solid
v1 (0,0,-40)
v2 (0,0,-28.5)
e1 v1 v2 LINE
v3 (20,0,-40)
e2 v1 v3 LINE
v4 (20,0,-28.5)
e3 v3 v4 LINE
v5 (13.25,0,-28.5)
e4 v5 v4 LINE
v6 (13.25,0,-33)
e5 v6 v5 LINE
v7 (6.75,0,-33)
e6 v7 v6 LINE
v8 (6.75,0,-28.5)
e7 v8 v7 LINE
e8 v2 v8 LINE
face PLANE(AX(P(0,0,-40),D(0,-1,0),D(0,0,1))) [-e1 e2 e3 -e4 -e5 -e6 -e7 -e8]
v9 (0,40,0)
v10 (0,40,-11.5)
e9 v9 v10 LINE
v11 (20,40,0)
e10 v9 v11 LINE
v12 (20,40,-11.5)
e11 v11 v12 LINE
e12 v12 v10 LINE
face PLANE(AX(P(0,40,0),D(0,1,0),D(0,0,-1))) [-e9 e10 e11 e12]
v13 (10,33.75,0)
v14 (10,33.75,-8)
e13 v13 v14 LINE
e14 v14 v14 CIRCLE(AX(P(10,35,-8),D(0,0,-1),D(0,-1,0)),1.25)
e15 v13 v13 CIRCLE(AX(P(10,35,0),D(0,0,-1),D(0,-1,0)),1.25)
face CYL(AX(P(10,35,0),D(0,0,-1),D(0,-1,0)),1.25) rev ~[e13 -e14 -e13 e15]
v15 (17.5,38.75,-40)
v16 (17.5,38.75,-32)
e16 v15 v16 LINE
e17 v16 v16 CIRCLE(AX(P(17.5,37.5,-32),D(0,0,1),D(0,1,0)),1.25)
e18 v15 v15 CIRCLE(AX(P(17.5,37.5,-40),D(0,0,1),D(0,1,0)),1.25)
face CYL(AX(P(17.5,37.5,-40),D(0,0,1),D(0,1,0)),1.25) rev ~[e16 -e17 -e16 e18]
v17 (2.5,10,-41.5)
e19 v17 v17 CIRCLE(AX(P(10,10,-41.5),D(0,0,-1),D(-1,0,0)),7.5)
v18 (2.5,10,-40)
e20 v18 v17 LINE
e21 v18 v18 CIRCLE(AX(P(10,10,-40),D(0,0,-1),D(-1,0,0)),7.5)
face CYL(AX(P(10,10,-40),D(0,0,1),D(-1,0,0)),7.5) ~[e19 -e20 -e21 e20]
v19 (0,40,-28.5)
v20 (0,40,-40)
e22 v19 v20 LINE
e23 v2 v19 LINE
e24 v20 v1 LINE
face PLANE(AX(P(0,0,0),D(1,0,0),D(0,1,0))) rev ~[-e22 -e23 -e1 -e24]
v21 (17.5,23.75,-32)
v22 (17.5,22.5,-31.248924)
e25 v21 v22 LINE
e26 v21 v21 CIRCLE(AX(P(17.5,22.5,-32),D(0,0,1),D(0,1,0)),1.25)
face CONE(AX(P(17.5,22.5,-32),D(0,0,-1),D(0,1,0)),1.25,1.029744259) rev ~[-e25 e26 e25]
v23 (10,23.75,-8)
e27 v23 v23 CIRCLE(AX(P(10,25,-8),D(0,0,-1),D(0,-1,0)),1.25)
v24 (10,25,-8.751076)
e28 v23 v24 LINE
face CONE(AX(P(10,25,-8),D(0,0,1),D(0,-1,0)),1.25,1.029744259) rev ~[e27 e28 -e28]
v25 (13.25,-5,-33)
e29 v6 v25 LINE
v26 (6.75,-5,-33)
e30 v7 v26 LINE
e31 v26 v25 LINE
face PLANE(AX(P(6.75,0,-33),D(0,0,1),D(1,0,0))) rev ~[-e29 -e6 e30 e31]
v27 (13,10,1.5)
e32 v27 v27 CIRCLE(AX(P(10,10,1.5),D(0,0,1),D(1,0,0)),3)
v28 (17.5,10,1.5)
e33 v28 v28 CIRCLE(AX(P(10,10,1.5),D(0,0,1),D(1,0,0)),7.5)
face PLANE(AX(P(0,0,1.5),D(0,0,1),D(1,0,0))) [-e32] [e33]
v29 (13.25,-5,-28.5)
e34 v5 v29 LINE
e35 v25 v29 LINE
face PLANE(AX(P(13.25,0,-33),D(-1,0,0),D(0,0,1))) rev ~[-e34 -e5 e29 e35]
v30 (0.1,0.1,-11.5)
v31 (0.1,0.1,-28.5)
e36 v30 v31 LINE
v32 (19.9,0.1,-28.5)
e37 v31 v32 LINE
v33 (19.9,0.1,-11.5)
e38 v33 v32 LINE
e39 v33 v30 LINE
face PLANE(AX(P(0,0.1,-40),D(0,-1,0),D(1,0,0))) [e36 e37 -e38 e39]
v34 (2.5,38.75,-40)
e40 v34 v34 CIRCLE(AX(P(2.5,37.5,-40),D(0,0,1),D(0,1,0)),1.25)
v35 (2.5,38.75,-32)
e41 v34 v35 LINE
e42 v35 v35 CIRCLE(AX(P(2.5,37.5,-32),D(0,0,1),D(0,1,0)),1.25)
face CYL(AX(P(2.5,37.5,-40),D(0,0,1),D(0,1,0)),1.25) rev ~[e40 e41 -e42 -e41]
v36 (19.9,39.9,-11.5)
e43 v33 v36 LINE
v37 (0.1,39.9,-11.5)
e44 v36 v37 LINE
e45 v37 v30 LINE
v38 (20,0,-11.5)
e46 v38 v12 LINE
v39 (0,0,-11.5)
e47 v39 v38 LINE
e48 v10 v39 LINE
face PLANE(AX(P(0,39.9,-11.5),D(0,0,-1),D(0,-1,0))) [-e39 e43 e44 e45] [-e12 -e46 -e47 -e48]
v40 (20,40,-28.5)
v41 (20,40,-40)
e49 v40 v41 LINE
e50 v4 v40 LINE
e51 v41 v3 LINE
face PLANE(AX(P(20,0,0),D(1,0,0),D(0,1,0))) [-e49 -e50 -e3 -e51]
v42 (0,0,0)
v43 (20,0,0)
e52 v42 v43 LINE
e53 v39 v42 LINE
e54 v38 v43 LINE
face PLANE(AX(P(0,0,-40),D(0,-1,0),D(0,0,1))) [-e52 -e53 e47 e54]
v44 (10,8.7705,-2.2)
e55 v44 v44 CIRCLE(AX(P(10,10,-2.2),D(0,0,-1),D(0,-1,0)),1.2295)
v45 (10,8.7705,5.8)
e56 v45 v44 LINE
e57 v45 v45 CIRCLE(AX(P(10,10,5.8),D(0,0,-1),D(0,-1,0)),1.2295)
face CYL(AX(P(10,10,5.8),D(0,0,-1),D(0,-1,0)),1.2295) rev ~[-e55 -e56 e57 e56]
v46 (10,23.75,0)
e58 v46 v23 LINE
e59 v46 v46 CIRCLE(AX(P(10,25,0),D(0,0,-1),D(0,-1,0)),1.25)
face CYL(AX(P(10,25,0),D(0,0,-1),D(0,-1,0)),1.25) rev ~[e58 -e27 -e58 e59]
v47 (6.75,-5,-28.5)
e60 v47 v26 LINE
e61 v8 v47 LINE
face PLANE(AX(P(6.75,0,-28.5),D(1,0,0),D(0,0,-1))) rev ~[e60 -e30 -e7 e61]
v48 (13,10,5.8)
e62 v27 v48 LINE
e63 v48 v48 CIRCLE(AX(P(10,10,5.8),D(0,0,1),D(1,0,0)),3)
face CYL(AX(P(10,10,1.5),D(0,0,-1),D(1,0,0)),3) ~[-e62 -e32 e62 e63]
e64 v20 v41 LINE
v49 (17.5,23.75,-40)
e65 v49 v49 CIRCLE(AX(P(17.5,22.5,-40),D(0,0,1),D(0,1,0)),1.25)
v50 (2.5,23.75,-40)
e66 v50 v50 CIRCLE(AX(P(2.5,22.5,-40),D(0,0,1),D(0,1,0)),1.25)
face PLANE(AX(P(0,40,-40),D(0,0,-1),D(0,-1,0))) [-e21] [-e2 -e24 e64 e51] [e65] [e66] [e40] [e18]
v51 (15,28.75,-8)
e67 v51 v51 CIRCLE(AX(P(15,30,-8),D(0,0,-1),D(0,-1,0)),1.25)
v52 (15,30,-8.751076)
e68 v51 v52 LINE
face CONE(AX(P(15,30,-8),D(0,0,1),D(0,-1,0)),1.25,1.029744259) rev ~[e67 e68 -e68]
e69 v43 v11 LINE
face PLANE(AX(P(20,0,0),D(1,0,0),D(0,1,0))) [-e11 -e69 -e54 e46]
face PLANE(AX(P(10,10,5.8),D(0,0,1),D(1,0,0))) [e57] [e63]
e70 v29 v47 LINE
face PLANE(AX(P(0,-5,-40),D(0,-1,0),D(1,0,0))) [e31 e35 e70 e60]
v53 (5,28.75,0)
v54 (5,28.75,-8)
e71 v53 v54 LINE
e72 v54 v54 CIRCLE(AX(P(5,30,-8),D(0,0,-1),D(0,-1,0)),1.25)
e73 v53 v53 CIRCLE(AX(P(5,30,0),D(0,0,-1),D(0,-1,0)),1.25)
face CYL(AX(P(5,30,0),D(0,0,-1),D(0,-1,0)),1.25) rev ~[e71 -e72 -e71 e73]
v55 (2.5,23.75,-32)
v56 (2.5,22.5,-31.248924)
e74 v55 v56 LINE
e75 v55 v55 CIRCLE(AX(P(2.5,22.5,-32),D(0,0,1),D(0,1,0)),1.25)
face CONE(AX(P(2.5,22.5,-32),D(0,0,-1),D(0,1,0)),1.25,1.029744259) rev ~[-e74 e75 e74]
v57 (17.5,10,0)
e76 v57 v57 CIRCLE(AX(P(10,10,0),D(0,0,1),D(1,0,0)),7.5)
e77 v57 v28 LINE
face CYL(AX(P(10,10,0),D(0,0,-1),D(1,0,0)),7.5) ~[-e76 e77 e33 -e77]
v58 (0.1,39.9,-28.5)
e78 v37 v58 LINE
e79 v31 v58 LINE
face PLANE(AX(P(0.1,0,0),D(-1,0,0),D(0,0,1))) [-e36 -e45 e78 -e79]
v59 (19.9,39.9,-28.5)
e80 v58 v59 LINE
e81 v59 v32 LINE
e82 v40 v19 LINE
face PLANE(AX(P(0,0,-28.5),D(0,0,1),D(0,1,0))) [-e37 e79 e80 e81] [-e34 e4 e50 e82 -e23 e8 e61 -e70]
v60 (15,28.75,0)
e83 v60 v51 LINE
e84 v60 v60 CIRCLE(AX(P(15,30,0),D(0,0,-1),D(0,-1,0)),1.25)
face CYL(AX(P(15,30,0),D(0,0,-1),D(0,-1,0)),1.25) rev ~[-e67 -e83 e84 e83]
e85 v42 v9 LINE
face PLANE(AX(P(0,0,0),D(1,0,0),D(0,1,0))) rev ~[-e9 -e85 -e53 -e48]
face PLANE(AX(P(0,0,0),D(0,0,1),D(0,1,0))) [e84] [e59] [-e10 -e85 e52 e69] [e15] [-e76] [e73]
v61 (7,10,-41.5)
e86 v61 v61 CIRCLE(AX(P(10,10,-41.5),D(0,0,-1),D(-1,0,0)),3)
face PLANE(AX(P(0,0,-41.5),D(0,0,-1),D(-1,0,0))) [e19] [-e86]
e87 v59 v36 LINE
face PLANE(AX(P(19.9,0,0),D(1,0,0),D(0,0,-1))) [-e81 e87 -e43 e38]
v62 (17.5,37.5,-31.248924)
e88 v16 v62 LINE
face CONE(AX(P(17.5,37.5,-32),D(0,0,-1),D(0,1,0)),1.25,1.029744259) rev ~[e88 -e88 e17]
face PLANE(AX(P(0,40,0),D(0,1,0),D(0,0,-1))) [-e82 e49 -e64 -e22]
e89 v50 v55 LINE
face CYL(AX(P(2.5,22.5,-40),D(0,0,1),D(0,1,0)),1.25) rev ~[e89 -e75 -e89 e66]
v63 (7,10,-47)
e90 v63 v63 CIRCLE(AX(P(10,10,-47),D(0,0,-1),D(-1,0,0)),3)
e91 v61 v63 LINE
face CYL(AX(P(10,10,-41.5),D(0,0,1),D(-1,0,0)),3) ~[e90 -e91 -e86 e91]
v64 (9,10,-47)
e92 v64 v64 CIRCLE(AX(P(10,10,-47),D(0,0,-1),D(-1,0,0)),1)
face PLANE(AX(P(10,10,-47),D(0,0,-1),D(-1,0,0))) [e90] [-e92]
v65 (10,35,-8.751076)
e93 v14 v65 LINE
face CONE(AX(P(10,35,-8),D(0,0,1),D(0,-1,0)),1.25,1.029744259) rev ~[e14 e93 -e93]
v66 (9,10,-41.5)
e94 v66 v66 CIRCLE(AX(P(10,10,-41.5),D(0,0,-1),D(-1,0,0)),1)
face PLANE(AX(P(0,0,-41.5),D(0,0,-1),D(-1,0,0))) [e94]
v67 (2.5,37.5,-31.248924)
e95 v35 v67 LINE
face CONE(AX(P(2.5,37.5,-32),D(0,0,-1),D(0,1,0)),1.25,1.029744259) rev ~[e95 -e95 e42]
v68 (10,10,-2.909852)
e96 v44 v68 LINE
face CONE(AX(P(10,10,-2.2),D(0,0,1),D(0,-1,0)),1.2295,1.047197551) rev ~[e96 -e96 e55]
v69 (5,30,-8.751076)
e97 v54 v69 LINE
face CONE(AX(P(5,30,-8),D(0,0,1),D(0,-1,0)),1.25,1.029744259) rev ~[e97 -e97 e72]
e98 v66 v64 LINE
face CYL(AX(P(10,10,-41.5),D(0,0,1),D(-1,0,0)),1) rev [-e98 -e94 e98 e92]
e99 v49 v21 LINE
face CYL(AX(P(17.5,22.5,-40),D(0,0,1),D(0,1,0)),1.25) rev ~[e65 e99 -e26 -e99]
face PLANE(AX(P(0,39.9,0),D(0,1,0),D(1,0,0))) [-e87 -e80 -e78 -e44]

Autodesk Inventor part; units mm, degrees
ref_plane "YZ Plane" through (0, 0, 0) normal (1, 0, 0) x (0, 1, 0)
ref_plane "XZ Plane" through (0, 0, 0) normal (0, 1, 0) x (-1, 0, 0)
ref_plane "XY Plane" through (0, 0, 0) normal (0, 0, 1) x (1, 0, 0)
sketch "スケッチ1" plane through (0, 0, 0) normal (1, 0, 0) x (0, 1, 0)
  line L0 (0, 0) -> (40, 0)
  line L1 (40, 0) -> (40, -40)
  line L2 (40, -40) -> (0, -40)
  line L3 (0, -40) -> (0, 0)
  dimension "d0" = 40
  dimension "d1" = 40
extrude "押し出し1" add sketch "スケッチ1" along normal blind 20
sketch "スケッチ2" plane through (0, 0, 0) normal (0, 0, 1) x (1, 0, 0)
  circle A0 centre (10, 10) radius 7.5
  line L0 (0, 0) -> (20, 0) projected
  line L1 (0, 40) -> (0, 0) projected
  dimension "d4" = 15
  dimension "d5" = 10
  dimension "d6" = 10
extrude "押し出し2" add sketch "スケッチ2" along normal blind 1.5
sketch "スケッチ3" plane through (0, 0, -40) normal (0, 0, -1) x (-1, 0, 0)
  circle A0 centre (-10, 10) radius 7.5
  line L0 (0, 0) -> (-20, 0) projected
  line L1 (0, 0) -> (0, 40) projected
  dimension "d9" = 15
  dimension "d10" = 10
  dimension "d11" = 10
extrude "押し出し3" add sketch "スケッチ3" along normal blind 1.5
sketch "スケッチ4" plane through (20, 0, 0) normal (1, 0, 0) x (0, 0, -1)
  line L0 (40, 40) -> (0, 40) projected
  line L1 (20, 40) -> (20, 0)
  line L2 (0, 0) -> (40, 0) projected
  line L3 (11.5, 40) -> (28.5, 40)
  line L4 (28.5, 40) -> (28.5, 0)
  line L5 (28.5, 0) -> (11.5, 0)
  line L6 (11.5, 0) -> (11.5, 40)
  dimension "d14" = 17
extrude "押し出し4" cut sketch "スケッチ4" against normal blind 0.1
sketch "スケッチ5" plane through (0, 40, 0) normal (0, 1, 0) x (1, 0, 0)
  line L0 (0, 0) -> (0, 40) projected
  line L1 (0, 20) -> (19.9, 20)
  line L2 (19.9, 11.5) -> (19.9, 28.5) projected
  line L3 (19.9, 11.5) -> (0, 11.5)
  line L4 (0, 11.5) -> (0, 28.5)
  line L5 (0, 28.5) -> (19.9, 28.5)
  line L6 (19.9, 28.5) -> (19.9, 11.5)
extrude "押し出し5" cut sketch "スケッチ5" against normal blind 0.1
sketch "スケッチ6" plane through (0, 0, 0) normal (-1, 0, 0) x (0, 0, 1)
  line L0 (-11.5, 39.9) -> (-28.5, 39.9) projected
  line L1 (-20, 39.9) -> (-20, 0)
  line L2 (-28.5, 0) -> (-11.5, 0) projected
  line L3 (-28.5, 39.9) -> (-11.5, 39.9)
  line L4 (-11.5, 39.9) -> (-11.5, 0)
  line L5 (-11.5, 0) -> (-28.5, 0)
  line L6 (-28.5, 0) -> (-28.5, 39.9)
  point P0 (0, 0)
extrude "押し出し6" cut sketch "スケッチ6" against normal blind 0.1
sketch "スケッチ7" plane through (0, 0, -40) normal (0, -1, 0) x (1, 0, 0)
  line L0 (0.1, 28.5) -> (0.1, 11.5) projected
  line L1 (20, 28.5) -> (0, 28.5) projected
  line L2 (0.1, 11.5) -> (20, 11.5)
  line L3 (20, 11.5) -> (20, 28.5)
  line L4 (20, 28.5) -> (0.1, 28.5)
  line L5 (0.1, 28.5) -> (0.1, 11.5)
  point P0 (0, 40)
extrude "押し出し7" cut sketch "スケッチ7" against normal blind 0.1
sketch "スケッチ8" plane through (0, 0, -40) normal (0, 0, -1) x (-1, 0, 0)
  line L0 (0, 40) -> (-20, 40) projected
  line L1 (-20, 0) -> (-20, 40) projected
  line L2 (0, 0) -> (0, 40) projected
  point P0 (-17.5, 37.5)
  point P1 (-2.5, 37.5)
  point P2 (-2.5, 22.5)
  point P3 (-17.5, 22.5)
  dimension "d23" = 2.5
  dimension "d24" = 2.5
  dimension "d25" = 2.5
  dimension "d26" = 15
hole "穴1" at (17.5, 37.5, -40) at (2.5, 37.5, -40) at (2.5, 22.5, -40) at (17.5, 22.5, -40) direction (0, 0, 1) diameter 2.5 depth 8 tip angle 118
sketch "スケッチ9" plane through (0, 0, 0) normal (0, 0, 1) x (1, 0, 0)
  line L0 (0, 40) -> (20, 40) projected
  line L1 (20, 40) -> (20, 0) projected
  line L2 (0, 40) -> (0, 0) projected
  circle A0 centre (10, 30) radius 5
  point P0 (10, 25)
  point P1 (5, 30)
  point P2 (15, 30)
  point P3 (10, 35)
  dimension "d48" = 10
  dimension "d49" = 10
  dimension "d50" = 10
hole "穴2" at (10, 25, 0) at (5, 30, 0) at (15, 30, 0) at (10, 35, 0) direction (0, 0, -1) diameter 2.5 depth 8 tip angle 118
sketch "スケッチ10" plane through (10, 10, 1.5) normal (0, 0, 1) x (1, 0, 0)
  circle A0 centre (0, 0) radius 7.5 projected
  circle A1 centre (0, 0) radius 3
  point P0 (-10, -10)
  dimension "d45" = 6
extrude "押し出し8" add sketch "スケッチ10" along normal blind 4.3 contours A1
sketch "スケッチ11" plane through (10, 10, -41.5) normal (0, 0, -1) x (-1, 0, 0)
  circle A0 centre (0, 0) radius 7.5 projected
  circle A1 centre (0, 0) radius 3
  circle A2 centre (0, 0) radius 1
  point P0 (10, -10)
  dimension "d51" = 6
  dimension "d54" = 2
extrude "押し出し9" add sketch "スケッチ11" along normal blind 5.5 contours A1
sketch "スケッチ12" plane through (0, 0, -40) normal (0, -1, 0) x (1, 0, 0)
  line L0 (20, 11.5) -> (0, 11.5) projected
  line L1 (13.25, 11.5) -> (6.75, 11.5)
  line L2 (6.75, 11.5) -> (6.75, 7)
  line L3 (6.75, 7) -> (13.25, 7)
  line L4 (13.25, 7) -> (13.25, 11.5)
  point P0 (0, 40)
  point P1 (6.75, 11.5)
  point P2 (10, 11.5)
  dimension "d55" = 6.5
  dimension "d56" = 4.5
extrude "押し出し10" add sketch "スケッチ12" along normal blind 5
sketch "スケッチ13" plane through (10, 10, 5.8) normal (0, 0, 1) x (1, 0, 0)
  point P0 (0, 0)
hole "穴3" at (10, 10, 5.8) direction (0, 0, -1) diameter 2.459 depth 8 tip angle 120 thread size "M3x0.5" class "6H" standard "ISO Metric profile"
properties part number "サーボモーター25kgcmサーボモータ" material "アルミニウム 6061"
